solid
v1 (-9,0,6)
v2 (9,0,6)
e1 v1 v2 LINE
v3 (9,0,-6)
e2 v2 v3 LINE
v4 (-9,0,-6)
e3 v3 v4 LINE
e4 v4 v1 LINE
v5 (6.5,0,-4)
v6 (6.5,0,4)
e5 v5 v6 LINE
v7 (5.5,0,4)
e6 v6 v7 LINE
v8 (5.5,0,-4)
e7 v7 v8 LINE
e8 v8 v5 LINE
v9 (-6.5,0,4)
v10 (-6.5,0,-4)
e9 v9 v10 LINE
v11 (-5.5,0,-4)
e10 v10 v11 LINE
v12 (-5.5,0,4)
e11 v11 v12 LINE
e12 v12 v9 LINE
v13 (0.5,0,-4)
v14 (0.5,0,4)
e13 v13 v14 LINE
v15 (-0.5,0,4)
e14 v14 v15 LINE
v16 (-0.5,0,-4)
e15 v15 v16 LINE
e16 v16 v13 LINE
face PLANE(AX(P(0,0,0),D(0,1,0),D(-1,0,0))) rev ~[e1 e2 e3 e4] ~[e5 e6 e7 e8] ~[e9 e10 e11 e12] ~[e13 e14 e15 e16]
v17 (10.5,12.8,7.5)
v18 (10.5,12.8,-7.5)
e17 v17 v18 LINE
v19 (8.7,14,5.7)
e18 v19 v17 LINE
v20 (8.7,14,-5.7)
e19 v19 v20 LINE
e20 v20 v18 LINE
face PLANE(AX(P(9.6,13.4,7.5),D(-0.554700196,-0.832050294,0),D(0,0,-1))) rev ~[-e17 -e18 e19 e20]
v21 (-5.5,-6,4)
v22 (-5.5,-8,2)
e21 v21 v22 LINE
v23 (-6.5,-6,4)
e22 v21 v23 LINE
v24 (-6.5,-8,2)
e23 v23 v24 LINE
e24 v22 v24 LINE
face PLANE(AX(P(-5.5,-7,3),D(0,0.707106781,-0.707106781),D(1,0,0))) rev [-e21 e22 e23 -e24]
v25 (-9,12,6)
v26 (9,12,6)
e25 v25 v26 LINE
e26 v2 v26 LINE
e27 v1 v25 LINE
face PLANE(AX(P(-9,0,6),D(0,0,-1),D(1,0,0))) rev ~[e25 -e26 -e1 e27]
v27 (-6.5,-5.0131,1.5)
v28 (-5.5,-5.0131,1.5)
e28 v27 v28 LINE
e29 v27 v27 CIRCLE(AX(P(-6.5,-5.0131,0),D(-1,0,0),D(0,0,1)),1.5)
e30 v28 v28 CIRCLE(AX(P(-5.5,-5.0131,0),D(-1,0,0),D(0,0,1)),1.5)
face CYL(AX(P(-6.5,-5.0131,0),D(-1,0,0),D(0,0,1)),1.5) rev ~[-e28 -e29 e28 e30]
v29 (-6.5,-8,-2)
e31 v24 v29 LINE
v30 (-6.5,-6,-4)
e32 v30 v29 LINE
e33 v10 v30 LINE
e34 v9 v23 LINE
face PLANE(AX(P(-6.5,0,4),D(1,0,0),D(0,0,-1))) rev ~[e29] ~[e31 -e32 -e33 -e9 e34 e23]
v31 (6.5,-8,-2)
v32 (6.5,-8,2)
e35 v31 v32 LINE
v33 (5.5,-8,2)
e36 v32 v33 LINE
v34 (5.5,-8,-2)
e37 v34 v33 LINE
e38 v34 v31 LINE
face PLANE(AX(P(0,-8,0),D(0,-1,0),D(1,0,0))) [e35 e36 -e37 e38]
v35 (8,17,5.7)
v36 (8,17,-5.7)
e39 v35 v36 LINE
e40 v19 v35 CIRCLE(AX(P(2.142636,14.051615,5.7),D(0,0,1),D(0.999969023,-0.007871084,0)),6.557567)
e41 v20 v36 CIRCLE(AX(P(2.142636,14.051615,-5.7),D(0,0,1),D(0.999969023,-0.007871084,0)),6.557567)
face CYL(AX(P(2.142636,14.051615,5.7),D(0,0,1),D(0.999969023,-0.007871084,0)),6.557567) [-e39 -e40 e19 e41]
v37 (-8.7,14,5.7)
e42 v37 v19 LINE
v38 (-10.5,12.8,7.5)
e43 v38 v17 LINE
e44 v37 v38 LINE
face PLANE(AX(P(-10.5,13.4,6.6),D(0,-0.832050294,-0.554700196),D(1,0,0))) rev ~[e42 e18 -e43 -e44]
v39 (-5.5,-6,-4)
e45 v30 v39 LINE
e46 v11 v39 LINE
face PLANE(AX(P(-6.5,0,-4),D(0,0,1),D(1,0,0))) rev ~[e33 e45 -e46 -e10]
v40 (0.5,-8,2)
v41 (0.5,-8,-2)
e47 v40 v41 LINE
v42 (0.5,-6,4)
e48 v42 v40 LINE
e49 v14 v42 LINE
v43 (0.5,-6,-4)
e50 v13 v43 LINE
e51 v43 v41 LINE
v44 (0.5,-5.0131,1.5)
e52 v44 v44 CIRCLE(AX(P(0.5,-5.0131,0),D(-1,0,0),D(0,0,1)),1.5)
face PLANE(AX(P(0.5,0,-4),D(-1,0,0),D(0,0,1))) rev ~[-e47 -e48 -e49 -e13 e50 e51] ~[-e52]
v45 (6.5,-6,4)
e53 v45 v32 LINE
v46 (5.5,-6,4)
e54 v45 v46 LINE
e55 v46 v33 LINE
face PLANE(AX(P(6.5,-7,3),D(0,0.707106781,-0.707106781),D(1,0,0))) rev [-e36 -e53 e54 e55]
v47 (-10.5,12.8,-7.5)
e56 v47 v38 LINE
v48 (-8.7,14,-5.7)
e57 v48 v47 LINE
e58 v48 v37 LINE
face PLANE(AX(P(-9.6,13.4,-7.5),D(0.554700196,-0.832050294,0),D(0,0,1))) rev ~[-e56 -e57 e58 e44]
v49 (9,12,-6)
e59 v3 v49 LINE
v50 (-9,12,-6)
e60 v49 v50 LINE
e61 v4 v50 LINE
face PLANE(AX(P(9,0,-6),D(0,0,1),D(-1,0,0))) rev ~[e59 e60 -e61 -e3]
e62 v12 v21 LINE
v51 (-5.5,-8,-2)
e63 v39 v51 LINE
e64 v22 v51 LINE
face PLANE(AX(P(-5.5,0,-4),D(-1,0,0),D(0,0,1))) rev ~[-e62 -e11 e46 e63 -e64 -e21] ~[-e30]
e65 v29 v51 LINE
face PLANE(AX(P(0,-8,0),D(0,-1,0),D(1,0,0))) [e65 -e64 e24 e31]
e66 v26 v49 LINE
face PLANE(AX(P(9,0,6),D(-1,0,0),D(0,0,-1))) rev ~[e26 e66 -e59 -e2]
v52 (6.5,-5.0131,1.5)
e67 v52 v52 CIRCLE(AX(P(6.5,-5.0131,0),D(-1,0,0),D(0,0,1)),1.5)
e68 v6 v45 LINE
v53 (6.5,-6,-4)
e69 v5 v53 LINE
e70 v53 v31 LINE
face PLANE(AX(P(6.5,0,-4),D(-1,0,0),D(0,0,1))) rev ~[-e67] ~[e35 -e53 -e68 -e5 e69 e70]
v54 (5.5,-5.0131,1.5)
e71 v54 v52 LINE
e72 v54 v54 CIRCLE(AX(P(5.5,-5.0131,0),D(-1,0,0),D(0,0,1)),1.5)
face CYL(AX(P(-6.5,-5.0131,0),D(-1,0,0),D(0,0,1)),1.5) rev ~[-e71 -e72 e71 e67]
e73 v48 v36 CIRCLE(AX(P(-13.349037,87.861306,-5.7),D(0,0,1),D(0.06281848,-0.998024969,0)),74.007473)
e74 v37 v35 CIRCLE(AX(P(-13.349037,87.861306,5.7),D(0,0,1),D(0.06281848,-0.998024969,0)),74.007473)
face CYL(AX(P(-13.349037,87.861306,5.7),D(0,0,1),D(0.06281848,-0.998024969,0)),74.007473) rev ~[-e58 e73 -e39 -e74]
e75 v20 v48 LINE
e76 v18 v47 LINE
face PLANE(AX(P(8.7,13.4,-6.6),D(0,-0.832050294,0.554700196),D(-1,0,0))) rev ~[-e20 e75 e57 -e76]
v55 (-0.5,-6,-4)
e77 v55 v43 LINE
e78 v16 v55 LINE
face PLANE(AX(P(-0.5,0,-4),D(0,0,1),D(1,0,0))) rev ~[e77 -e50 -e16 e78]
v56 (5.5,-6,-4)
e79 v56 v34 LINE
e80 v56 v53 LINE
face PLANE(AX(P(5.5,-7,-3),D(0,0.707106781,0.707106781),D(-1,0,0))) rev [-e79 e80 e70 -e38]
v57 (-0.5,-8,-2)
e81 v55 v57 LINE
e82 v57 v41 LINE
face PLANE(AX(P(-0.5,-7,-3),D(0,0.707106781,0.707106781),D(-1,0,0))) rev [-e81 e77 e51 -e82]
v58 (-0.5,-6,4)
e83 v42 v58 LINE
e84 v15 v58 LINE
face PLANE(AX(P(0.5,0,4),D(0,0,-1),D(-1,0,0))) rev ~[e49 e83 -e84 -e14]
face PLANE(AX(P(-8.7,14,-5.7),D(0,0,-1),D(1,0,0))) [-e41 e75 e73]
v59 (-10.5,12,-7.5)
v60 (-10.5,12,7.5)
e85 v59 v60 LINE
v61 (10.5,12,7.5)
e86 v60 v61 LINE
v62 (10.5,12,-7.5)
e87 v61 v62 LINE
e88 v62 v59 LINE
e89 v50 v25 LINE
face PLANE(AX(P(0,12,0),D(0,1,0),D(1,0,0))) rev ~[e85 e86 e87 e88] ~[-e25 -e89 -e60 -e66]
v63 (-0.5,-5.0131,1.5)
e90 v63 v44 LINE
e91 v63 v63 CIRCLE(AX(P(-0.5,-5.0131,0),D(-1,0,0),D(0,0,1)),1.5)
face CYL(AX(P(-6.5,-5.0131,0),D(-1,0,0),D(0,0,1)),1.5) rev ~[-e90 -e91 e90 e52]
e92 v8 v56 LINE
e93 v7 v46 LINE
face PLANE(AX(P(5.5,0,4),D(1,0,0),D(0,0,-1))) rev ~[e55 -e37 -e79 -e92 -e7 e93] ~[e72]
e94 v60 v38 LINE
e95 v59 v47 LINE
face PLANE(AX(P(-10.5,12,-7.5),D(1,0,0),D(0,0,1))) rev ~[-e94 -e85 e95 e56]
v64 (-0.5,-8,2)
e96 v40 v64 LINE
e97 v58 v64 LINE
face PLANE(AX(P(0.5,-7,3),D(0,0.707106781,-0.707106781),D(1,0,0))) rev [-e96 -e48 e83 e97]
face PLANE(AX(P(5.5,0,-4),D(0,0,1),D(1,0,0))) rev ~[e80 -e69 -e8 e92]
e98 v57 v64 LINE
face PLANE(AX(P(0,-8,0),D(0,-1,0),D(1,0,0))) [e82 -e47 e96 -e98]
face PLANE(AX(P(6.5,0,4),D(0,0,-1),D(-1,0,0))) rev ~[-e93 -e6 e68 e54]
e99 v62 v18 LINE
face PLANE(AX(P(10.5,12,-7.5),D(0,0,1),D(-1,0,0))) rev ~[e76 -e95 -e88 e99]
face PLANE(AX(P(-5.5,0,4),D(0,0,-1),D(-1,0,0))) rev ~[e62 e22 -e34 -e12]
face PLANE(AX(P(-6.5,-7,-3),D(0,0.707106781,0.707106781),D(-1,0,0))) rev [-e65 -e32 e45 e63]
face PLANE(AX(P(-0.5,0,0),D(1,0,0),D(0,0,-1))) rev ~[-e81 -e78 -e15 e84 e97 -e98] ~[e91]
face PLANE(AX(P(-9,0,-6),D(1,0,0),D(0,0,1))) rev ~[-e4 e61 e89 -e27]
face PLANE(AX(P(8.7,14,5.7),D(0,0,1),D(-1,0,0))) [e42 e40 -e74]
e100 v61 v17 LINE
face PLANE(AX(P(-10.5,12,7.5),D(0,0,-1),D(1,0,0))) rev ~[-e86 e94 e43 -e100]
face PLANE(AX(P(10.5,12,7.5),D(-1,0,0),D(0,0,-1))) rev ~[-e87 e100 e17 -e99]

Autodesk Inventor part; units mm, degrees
ref_plane "YZ Plane" through (0, 0, 0) normal (1, 0, 0) x (0, 1, 0)
ref_plane "XZ Plane" through (0, 0, 0) normal (0, 1, 0) x (-1, 0, 0)
ref_plane "XY Plane" through (0, 0, 0) normal (0, 0, 1) x (1, 0, 0)
sketch "Sketch1" plane through (0, 0, 0) normal (0, 1, 0) x (-1, 0, 0)
  line L0 (-9, 6) -> (-9, -6)
  line L1 (-9, -6) -> (9, -6)
  line L2 (9, -6) -> (9, 6)
  line L3 (9, 6) -> (-9, 6)
  line L4 (-9, 6) -> (9, -6) construction
  line L5 (-9, -6) -> (9, 6) construction
  point P0 (0, 0)
  dimension "d0" = 12
  dimension "d1" = 18
extrude "Extrusion1" add sketch "Sketch1" along normal blind 12
sketch "Sketch2" plane through (0, 12, 0) normal (0, 1, 0) x (1, 0, 0)
  line L0 (10.5, -7.5) -> (10.5, 7.5)
  line L1 (10.5, 7.5) -> (-10.5, 7.5)
  line L2 (-10.5, 7.5) -> (-10.5, -7.5)
  line L3 (-10.5, -7.5) -> (10.5, -7.5)
  line L4 (10.5, -7.5) -> (-10.5, 7.5) construction
  line L5 (10.5, 7.5) -> (-10.5, -7.5) construction
  point P0 (0, 0)
  dimension "d4" = 15
  dimension "d5" = 21
extrude "Extrusion2" add sketch "Sketch2" along normal blind 2
chamfer "Chamfer1" distance 1.8 distance2 1.2 1 edges at (10.5, 14, 0) measured on face at (3.5, 14, 2.5)
chamfer "Chamfer2" distance 1.8 distance2 1.2 1 edges at (-0.9, 14, 7.5) measured on face at (2.3, 14, 2.5)
chamfer "Chamfer3" distance 1.8 distance2 1.2 1 edges at (-10.5, 14, -0.9) measured on face at (-4.1, 14, 1.3)
chamfer "Chamfer4" distance 1.8 distance2 1.2 1 edges at (0, 14, -7.5) measured on face at (2.9, 14, 1.3)
sketch "Sketch3" plane through (0, 14, 0) normal (0, 1, 0) x (1, 0, 0)
  line L0 (-8.7, 5.7) -> (8.7, 5.7) projected
  line L1 (-8.7, -5.7) -> (-8.7, 5.7) projected
  line L2 (8.7, -5.7) -> (-8.7, -5.7) projected
  line L3 (8.7, 5.7) -> (8.7, -5.7) projected
  point P0 (0, 0)
extrude "Extrusion3" add sketch "Sketch3" along normal blind 3
sketch "Sketch4" plane through (-8.7, 14, 5.7) normal (0, 0, 1) x (1, 0, 0)
  line L0 (17.4, 0) -> (0, 0) projected
  line L1 (17.4, 0) -> (17.4, 3) projected
  line L2 (0, 3) -> (17.4, 3) projected
  line L3 (0, 0) -> (0, 3) projected
  line L4 (17.4, 0) -> (17.4, 3)
  line L5 (17.4, 3) -> (0, 3)
  line L6 (0, 3) -> (0, 0)
  line L7 (0, 0) -> (17.4, 0)
  line L8 (17.4, 0) -> (16.7, 0)
  line L9 (17.4, 0) -> (0, 0) projected
  line L10 (16.7, 0) -> (16.7, 3)
  line L11 (0, 3) -> (17.4, 3) projected
  arc A0 (0, 0) -> (16.7, 3) centre (-4.649, 73.861) ccw
  arc A1 (17.4, 0) -> (16.7, 3) centre (10.8425, 0.0516) ccw
  point P0 (8.7, -14)
  dimension "d24" = 0.7
extrude "Extrusion4" cut sketch "Sketch4" against normal through all contours A1 L2 L1 | A0 L3 L2
sketch "Sketch5" plane through (0, 0, 0) normal (0, -1, 0) x (1, 0, 0)
  line L0 (0.5, -4) -> (0.5, 4)
  line L1 (0.5, 4) -> (-0.5, 4)
  line L2 (-0.5, 4) -> (-0.5, -4)
  line L3 (-0.5, -4) -> (0.5, -4)
  line L4 (0.5, -4) -> (-0.5, 4) construction
  line L5 (0.5, 4) -> (-0.5, -4) construction
  line L6 (0, 0) -> (-6, 0)
  line L7 (0, 0) -> (6, 0)
  line L8 (-5.5, -4) -> (-5.5, 4)
  line L9 (-5.5, 4) -> (-6.5, 4)
  line L10 (-6.5, 4) -> (-6.5, -4)
  line L11 (-6.5, -4) -> (-5.5, -4)
  line L12 (-5.5, -4) -> (-6.5, 4) construction
  line L13 (-5.5, 4) -> (-6.5, -4) construction
  line L14 (6.5, -4) -> (6.5, 4)
  line L15 (6.5, 4) -> (5.5, 4)
  line L16 (5.5, 4) -> (5.5, -4)
  line L17 (5.5, -4) -> (6.5, -4)
  line L18 (6.5, -4) -> (5.5, 4) construction
  line L19 (6.5, 4) -> (5.5, -4) construction
  dimension "d27" = 8
  dimension "d28" = 1
  dimension "d29" = 6
  dimension "d30" = 6
  dimension "d31" = 1
  dimension "d32" = 1
extrude "Extrusion5" add sketch "Sketch5" along normal blind 8
chamfer "Chamfer5" distance 2 angle 45 6 edges at (6, -8, -4) (6, -8, 4) (0, -8, 4) (-6, -8, 4) (-6, -8, -4) (0, -8, -4)
sketch "Sketch6" plane through (-6.5, 0, -4) normal (-1, 0, 0) x (0, 0, 1)
  circle A0 centre (4, -5.0131) radius 1.5
  point P0 (4, 0)
  dimension "d38" = 3
extrude "Extrusion6" cut sketch "Sketch6" against normal blind 24.25
properties part number "Toggle switch"
